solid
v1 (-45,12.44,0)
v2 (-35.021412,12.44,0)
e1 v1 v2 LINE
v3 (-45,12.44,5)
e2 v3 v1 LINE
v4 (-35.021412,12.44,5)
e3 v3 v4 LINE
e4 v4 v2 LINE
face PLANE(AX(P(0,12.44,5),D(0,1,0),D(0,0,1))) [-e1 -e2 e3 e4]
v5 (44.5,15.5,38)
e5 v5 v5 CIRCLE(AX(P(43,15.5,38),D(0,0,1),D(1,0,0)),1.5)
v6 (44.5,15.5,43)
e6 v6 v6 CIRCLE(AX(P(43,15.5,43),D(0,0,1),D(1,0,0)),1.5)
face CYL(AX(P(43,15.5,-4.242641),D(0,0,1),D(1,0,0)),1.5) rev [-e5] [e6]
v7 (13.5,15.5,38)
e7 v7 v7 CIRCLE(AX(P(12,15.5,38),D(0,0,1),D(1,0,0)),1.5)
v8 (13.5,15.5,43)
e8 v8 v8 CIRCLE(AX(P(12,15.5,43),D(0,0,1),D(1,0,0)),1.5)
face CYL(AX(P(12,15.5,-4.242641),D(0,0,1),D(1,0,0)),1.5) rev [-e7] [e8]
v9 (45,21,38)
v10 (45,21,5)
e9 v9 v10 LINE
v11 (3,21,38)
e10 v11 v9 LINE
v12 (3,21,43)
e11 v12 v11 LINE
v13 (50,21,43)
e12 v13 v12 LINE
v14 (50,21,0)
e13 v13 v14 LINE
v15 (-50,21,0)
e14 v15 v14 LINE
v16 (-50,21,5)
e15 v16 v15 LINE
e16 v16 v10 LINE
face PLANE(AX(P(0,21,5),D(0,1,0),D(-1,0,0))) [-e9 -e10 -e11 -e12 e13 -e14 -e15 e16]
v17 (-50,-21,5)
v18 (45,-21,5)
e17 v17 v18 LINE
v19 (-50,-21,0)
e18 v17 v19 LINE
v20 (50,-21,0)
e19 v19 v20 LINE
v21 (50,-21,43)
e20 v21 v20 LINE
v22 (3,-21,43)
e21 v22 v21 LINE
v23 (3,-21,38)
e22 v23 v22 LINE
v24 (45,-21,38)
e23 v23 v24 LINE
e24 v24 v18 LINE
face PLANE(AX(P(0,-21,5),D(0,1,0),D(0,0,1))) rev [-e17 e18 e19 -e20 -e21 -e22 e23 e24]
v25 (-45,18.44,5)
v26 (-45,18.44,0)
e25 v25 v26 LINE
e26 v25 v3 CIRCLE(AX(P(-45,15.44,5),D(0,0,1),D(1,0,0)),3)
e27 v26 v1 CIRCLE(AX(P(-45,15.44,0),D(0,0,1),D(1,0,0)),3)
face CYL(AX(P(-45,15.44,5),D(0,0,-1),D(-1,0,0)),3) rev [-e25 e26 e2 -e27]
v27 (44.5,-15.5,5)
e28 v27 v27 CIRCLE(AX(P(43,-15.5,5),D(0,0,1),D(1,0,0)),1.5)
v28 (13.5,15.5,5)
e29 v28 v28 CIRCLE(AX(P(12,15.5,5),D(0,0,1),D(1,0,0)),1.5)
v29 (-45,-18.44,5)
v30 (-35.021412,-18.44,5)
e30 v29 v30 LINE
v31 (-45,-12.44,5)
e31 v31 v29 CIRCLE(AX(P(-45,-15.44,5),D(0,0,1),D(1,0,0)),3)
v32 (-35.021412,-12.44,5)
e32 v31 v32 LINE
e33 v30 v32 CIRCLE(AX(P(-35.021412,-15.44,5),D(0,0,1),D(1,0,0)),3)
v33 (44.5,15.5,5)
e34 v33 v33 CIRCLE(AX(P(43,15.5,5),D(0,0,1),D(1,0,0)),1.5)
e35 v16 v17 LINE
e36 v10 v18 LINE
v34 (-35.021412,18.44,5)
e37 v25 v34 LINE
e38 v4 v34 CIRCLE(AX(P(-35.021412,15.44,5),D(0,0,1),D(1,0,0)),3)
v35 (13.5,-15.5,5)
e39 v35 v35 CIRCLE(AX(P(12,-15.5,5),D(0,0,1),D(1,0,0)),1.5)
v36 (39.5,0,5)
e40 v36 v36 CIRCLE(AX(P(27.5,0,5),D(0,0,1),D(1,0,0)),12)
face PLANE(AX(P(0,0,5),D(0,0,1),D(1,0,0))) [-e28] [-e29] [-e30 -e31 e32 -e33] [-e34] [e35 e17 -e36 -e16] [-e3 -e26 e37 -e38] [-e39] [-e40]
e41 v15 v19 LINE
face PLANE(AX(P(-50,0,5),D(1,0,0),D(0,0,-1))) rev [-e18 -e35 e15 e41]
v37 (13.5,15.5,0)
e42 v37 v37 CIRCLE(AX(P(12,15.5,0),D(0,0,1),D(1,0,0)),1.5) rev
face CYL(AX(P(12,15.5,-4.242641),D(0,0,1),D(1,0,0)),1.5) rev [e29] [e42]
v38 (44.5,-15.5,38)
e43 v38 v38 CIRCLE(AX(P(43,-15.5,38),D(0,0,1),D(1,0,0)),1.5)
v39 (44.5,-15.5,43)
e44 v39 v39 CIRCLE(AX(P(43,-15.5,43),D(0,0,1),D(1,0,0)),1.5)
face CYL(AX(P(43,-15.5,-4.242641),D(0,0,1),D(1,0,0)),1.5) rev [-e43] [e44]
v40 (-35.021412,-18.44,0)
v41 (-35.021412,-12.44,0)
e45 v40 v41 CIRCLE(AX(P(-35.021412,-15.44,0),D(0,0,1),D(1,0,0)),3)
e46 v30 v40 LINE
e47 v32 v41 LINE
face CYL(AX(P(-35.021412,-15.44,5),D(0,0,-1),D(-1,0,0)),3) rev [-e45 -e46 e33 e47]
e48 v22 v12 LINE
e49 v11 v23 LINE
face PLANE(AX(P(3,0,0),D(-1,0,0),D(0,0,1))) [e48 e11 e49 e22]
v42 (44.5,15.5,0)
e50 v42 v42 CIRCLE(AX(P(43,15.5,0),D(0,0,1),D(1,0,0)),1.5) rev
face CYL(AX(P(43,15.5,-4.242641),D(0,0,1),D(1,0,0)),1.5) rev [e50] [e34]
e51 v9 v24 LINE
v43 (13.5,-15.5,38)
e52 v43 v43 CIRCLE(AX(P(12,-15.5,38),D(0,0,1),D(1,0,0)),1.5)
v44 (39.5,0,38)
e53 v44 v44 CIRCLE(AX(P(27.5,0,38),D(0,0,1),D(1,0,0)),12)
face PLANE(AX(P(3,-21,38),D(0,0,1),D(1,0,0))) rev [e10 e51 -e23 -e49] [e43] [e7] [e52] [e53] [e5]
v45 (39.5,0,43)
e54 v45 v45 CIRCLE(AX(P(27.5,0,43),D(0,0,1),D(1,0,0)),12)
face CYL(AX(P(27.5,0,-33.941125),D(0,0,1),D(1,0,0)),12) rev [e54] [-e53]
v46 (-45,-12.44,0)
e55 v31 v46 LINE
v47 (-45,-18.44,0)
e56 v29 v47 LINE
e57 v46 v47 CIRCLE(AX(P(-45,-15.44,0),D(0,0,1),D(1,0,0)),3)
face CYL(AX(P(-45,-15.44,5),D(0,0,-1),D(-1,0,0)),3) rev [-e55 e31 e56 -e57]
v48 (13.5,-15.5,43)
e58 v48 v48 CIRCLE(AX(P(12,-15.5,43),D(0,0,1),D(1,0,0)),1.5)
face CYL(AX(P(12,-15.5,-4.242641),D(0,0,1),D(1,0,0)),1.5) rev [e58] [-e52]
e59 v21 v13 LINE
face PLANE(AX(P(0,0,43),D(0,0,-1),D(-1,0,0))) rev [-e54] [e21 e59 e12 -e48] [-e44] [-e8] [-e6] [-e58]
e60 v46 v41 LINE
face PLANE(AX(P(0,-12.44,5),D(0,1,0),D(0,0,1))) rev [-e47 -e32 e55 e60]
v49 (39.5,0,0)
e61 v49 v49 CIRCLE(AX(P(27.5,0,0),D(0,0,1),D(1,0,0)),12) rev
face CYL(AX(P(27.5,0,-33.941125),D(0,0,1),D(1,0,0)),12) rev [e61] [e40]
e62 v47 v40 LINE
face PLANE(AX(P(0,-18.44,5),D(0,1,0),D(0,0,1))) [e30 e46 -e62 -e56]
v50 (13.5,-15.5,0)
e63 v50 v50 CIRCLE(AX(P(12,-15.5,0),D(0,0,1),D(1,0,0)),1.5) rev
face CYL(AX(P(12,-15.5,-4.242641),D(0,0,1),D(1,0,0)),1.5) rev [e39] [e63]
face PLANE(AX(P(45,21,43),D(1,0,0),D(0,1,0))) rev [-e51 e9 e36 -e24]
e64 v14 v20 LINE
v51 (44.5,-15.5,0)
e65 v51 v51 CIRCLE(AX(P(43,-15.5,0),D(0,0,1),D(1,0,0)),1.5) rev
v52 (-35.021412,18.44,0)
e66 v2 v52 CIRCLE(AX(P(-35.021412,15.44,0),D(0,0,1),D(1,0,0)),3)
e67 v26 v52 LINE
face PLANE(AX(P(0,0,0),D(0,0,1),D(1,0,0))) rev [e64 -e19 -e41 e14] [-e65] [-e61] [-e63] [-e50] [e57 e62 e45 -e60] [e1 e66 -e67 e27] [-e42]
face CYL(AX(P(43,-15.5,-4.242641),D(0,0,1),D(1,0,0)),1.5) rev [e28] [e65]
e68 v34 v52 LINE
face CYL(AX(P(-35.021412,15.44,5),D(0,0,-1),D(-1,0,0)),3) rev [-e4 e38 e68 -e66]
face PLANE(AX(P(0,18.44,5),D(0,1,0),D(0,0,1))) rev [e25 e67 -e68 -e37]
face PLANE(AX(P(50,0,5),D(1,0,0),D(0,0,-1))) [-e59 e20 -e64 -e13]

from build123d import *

# Parameters (mm, degrees)
CROQUIS1_W              = 100
CROQUIS1_H              = 42
SALIENTE_EXTRUIR1_DEPTH = 5
CROQUIS2_W              = 5
CROQUIS2_H              = 42
SALIENTE_EXTRUIR2_DEPTH = 38
CROQUIS3_W              = 5
CROQUIS3_H              = 42
SALIENTE_EXTRUIR3_DEPTH = 42
CROQUIS7_R              = 1.5
CORTAR_EXTRUIR1_DEPTH   = 43
CROQUIS8_R              = 12
CORTAR_EXTRUIR2_DEPTH   = 43


with BuildPart() as part:
    # Croquis1 → Saliente-Extruir1 (new body)
    with BuildSketch(Plane.XY):
        Rectangle(CROQUIS1_W, CROQUIS1_H)
        with BuildLine():
            Line((-45, 18.44), (-35.021412409, 18.44))
            ThreePointArc((-35.021412409, 18.44), (-32.021412409, 15.44), (-35.021412409, 12.44))
            Line((-35.021412409, 12.44), (-45, 12.44))
            ThreePointArc((-45, 12.44), (-48, 15.44), (-45, 18.44))
        make_face(mode=Mode.SUBTRACT)
        with BuildLine():
            Line((-45, -12.44), (-35.021412409, -12.44))
            ThreePointArc((-35.021412409, -12.44), (-32.021412409, -15.44), (-35.021412409, -18.44))
            Line((-35.021412409, -18.44), (-45, -18.44))
            ThreePointArc((-45, -18.44), (-48, -15.44), (-45, -12.44))
        make_face(mode=Mode.SUBTRACT)
    extrude(amount=SALIENTE_EXTRUIR1_DEPTH)

    # Croquis2 → Saliente-Extruir2 (add)
    with BuildSketch(Plane.XY.offset(5)):
        with Locations((47.5, 0)):
            Rectangle(CROQUIS2_W, CROQUIS2_H)
    extrude(amount=SALIENTE_EXTRUIR2_DEPTH)

    # Croquis3 → Saliente-Extruir3 (add)
    with BuildSketch(Plane.ZY.offset(-45)):
        with Locations((40.5, 0)):
            Rectangle(CROQUIS3_W, CROQUIS3_H)
    extrude(amount=SALIENTE_EXTRUIR3_DEPTH)

    # Croquis7 → Cortar-Extruir1 (cut)
    with BuildSketch(Plane.XY.offset(43)):
        with BuildLine():
            ThreePointArc((13.5, -15.5), (13.060660172, -14.439339828), (12, -14))
            Line((12, -14), (12, -15.5))
            Line((12, -15.5), (13.5, -15.5))
        make_face()
        with BuildLine():
            Line((12, -15.5), (12, -14))
            ThreePointArc((12, -14), (10.939339828, -16.560660172), (13.5, -15.5))
            Line((13.5, -15.5), (12, -15.5))
        make_face()
        with Locations((12, 15.5)):
            Circle(CROQUIS7_R)
        with Locations((43, 15.5)):
            Circle(CROQUIS7_R)
        with Locations((43, -15.5)):
            Circle(CROQUIS7_R)
    extrude(amount=-CORTAR_EXTRUIR1_DEPTH, mode=Mode.SUBTRACT)

    # Croquis8 → Cortar-Extruir2 (cut)
    with BuildSketch(Plane.XY.offset(43)):
        with Locations((27.5, 0)):
            Circle(CROQUIS8_R)
    extrude(amount=-CORTAR_EXTRUIR2_DEPTH, mode=Mode.SUBTRACT)


solid = part.part
